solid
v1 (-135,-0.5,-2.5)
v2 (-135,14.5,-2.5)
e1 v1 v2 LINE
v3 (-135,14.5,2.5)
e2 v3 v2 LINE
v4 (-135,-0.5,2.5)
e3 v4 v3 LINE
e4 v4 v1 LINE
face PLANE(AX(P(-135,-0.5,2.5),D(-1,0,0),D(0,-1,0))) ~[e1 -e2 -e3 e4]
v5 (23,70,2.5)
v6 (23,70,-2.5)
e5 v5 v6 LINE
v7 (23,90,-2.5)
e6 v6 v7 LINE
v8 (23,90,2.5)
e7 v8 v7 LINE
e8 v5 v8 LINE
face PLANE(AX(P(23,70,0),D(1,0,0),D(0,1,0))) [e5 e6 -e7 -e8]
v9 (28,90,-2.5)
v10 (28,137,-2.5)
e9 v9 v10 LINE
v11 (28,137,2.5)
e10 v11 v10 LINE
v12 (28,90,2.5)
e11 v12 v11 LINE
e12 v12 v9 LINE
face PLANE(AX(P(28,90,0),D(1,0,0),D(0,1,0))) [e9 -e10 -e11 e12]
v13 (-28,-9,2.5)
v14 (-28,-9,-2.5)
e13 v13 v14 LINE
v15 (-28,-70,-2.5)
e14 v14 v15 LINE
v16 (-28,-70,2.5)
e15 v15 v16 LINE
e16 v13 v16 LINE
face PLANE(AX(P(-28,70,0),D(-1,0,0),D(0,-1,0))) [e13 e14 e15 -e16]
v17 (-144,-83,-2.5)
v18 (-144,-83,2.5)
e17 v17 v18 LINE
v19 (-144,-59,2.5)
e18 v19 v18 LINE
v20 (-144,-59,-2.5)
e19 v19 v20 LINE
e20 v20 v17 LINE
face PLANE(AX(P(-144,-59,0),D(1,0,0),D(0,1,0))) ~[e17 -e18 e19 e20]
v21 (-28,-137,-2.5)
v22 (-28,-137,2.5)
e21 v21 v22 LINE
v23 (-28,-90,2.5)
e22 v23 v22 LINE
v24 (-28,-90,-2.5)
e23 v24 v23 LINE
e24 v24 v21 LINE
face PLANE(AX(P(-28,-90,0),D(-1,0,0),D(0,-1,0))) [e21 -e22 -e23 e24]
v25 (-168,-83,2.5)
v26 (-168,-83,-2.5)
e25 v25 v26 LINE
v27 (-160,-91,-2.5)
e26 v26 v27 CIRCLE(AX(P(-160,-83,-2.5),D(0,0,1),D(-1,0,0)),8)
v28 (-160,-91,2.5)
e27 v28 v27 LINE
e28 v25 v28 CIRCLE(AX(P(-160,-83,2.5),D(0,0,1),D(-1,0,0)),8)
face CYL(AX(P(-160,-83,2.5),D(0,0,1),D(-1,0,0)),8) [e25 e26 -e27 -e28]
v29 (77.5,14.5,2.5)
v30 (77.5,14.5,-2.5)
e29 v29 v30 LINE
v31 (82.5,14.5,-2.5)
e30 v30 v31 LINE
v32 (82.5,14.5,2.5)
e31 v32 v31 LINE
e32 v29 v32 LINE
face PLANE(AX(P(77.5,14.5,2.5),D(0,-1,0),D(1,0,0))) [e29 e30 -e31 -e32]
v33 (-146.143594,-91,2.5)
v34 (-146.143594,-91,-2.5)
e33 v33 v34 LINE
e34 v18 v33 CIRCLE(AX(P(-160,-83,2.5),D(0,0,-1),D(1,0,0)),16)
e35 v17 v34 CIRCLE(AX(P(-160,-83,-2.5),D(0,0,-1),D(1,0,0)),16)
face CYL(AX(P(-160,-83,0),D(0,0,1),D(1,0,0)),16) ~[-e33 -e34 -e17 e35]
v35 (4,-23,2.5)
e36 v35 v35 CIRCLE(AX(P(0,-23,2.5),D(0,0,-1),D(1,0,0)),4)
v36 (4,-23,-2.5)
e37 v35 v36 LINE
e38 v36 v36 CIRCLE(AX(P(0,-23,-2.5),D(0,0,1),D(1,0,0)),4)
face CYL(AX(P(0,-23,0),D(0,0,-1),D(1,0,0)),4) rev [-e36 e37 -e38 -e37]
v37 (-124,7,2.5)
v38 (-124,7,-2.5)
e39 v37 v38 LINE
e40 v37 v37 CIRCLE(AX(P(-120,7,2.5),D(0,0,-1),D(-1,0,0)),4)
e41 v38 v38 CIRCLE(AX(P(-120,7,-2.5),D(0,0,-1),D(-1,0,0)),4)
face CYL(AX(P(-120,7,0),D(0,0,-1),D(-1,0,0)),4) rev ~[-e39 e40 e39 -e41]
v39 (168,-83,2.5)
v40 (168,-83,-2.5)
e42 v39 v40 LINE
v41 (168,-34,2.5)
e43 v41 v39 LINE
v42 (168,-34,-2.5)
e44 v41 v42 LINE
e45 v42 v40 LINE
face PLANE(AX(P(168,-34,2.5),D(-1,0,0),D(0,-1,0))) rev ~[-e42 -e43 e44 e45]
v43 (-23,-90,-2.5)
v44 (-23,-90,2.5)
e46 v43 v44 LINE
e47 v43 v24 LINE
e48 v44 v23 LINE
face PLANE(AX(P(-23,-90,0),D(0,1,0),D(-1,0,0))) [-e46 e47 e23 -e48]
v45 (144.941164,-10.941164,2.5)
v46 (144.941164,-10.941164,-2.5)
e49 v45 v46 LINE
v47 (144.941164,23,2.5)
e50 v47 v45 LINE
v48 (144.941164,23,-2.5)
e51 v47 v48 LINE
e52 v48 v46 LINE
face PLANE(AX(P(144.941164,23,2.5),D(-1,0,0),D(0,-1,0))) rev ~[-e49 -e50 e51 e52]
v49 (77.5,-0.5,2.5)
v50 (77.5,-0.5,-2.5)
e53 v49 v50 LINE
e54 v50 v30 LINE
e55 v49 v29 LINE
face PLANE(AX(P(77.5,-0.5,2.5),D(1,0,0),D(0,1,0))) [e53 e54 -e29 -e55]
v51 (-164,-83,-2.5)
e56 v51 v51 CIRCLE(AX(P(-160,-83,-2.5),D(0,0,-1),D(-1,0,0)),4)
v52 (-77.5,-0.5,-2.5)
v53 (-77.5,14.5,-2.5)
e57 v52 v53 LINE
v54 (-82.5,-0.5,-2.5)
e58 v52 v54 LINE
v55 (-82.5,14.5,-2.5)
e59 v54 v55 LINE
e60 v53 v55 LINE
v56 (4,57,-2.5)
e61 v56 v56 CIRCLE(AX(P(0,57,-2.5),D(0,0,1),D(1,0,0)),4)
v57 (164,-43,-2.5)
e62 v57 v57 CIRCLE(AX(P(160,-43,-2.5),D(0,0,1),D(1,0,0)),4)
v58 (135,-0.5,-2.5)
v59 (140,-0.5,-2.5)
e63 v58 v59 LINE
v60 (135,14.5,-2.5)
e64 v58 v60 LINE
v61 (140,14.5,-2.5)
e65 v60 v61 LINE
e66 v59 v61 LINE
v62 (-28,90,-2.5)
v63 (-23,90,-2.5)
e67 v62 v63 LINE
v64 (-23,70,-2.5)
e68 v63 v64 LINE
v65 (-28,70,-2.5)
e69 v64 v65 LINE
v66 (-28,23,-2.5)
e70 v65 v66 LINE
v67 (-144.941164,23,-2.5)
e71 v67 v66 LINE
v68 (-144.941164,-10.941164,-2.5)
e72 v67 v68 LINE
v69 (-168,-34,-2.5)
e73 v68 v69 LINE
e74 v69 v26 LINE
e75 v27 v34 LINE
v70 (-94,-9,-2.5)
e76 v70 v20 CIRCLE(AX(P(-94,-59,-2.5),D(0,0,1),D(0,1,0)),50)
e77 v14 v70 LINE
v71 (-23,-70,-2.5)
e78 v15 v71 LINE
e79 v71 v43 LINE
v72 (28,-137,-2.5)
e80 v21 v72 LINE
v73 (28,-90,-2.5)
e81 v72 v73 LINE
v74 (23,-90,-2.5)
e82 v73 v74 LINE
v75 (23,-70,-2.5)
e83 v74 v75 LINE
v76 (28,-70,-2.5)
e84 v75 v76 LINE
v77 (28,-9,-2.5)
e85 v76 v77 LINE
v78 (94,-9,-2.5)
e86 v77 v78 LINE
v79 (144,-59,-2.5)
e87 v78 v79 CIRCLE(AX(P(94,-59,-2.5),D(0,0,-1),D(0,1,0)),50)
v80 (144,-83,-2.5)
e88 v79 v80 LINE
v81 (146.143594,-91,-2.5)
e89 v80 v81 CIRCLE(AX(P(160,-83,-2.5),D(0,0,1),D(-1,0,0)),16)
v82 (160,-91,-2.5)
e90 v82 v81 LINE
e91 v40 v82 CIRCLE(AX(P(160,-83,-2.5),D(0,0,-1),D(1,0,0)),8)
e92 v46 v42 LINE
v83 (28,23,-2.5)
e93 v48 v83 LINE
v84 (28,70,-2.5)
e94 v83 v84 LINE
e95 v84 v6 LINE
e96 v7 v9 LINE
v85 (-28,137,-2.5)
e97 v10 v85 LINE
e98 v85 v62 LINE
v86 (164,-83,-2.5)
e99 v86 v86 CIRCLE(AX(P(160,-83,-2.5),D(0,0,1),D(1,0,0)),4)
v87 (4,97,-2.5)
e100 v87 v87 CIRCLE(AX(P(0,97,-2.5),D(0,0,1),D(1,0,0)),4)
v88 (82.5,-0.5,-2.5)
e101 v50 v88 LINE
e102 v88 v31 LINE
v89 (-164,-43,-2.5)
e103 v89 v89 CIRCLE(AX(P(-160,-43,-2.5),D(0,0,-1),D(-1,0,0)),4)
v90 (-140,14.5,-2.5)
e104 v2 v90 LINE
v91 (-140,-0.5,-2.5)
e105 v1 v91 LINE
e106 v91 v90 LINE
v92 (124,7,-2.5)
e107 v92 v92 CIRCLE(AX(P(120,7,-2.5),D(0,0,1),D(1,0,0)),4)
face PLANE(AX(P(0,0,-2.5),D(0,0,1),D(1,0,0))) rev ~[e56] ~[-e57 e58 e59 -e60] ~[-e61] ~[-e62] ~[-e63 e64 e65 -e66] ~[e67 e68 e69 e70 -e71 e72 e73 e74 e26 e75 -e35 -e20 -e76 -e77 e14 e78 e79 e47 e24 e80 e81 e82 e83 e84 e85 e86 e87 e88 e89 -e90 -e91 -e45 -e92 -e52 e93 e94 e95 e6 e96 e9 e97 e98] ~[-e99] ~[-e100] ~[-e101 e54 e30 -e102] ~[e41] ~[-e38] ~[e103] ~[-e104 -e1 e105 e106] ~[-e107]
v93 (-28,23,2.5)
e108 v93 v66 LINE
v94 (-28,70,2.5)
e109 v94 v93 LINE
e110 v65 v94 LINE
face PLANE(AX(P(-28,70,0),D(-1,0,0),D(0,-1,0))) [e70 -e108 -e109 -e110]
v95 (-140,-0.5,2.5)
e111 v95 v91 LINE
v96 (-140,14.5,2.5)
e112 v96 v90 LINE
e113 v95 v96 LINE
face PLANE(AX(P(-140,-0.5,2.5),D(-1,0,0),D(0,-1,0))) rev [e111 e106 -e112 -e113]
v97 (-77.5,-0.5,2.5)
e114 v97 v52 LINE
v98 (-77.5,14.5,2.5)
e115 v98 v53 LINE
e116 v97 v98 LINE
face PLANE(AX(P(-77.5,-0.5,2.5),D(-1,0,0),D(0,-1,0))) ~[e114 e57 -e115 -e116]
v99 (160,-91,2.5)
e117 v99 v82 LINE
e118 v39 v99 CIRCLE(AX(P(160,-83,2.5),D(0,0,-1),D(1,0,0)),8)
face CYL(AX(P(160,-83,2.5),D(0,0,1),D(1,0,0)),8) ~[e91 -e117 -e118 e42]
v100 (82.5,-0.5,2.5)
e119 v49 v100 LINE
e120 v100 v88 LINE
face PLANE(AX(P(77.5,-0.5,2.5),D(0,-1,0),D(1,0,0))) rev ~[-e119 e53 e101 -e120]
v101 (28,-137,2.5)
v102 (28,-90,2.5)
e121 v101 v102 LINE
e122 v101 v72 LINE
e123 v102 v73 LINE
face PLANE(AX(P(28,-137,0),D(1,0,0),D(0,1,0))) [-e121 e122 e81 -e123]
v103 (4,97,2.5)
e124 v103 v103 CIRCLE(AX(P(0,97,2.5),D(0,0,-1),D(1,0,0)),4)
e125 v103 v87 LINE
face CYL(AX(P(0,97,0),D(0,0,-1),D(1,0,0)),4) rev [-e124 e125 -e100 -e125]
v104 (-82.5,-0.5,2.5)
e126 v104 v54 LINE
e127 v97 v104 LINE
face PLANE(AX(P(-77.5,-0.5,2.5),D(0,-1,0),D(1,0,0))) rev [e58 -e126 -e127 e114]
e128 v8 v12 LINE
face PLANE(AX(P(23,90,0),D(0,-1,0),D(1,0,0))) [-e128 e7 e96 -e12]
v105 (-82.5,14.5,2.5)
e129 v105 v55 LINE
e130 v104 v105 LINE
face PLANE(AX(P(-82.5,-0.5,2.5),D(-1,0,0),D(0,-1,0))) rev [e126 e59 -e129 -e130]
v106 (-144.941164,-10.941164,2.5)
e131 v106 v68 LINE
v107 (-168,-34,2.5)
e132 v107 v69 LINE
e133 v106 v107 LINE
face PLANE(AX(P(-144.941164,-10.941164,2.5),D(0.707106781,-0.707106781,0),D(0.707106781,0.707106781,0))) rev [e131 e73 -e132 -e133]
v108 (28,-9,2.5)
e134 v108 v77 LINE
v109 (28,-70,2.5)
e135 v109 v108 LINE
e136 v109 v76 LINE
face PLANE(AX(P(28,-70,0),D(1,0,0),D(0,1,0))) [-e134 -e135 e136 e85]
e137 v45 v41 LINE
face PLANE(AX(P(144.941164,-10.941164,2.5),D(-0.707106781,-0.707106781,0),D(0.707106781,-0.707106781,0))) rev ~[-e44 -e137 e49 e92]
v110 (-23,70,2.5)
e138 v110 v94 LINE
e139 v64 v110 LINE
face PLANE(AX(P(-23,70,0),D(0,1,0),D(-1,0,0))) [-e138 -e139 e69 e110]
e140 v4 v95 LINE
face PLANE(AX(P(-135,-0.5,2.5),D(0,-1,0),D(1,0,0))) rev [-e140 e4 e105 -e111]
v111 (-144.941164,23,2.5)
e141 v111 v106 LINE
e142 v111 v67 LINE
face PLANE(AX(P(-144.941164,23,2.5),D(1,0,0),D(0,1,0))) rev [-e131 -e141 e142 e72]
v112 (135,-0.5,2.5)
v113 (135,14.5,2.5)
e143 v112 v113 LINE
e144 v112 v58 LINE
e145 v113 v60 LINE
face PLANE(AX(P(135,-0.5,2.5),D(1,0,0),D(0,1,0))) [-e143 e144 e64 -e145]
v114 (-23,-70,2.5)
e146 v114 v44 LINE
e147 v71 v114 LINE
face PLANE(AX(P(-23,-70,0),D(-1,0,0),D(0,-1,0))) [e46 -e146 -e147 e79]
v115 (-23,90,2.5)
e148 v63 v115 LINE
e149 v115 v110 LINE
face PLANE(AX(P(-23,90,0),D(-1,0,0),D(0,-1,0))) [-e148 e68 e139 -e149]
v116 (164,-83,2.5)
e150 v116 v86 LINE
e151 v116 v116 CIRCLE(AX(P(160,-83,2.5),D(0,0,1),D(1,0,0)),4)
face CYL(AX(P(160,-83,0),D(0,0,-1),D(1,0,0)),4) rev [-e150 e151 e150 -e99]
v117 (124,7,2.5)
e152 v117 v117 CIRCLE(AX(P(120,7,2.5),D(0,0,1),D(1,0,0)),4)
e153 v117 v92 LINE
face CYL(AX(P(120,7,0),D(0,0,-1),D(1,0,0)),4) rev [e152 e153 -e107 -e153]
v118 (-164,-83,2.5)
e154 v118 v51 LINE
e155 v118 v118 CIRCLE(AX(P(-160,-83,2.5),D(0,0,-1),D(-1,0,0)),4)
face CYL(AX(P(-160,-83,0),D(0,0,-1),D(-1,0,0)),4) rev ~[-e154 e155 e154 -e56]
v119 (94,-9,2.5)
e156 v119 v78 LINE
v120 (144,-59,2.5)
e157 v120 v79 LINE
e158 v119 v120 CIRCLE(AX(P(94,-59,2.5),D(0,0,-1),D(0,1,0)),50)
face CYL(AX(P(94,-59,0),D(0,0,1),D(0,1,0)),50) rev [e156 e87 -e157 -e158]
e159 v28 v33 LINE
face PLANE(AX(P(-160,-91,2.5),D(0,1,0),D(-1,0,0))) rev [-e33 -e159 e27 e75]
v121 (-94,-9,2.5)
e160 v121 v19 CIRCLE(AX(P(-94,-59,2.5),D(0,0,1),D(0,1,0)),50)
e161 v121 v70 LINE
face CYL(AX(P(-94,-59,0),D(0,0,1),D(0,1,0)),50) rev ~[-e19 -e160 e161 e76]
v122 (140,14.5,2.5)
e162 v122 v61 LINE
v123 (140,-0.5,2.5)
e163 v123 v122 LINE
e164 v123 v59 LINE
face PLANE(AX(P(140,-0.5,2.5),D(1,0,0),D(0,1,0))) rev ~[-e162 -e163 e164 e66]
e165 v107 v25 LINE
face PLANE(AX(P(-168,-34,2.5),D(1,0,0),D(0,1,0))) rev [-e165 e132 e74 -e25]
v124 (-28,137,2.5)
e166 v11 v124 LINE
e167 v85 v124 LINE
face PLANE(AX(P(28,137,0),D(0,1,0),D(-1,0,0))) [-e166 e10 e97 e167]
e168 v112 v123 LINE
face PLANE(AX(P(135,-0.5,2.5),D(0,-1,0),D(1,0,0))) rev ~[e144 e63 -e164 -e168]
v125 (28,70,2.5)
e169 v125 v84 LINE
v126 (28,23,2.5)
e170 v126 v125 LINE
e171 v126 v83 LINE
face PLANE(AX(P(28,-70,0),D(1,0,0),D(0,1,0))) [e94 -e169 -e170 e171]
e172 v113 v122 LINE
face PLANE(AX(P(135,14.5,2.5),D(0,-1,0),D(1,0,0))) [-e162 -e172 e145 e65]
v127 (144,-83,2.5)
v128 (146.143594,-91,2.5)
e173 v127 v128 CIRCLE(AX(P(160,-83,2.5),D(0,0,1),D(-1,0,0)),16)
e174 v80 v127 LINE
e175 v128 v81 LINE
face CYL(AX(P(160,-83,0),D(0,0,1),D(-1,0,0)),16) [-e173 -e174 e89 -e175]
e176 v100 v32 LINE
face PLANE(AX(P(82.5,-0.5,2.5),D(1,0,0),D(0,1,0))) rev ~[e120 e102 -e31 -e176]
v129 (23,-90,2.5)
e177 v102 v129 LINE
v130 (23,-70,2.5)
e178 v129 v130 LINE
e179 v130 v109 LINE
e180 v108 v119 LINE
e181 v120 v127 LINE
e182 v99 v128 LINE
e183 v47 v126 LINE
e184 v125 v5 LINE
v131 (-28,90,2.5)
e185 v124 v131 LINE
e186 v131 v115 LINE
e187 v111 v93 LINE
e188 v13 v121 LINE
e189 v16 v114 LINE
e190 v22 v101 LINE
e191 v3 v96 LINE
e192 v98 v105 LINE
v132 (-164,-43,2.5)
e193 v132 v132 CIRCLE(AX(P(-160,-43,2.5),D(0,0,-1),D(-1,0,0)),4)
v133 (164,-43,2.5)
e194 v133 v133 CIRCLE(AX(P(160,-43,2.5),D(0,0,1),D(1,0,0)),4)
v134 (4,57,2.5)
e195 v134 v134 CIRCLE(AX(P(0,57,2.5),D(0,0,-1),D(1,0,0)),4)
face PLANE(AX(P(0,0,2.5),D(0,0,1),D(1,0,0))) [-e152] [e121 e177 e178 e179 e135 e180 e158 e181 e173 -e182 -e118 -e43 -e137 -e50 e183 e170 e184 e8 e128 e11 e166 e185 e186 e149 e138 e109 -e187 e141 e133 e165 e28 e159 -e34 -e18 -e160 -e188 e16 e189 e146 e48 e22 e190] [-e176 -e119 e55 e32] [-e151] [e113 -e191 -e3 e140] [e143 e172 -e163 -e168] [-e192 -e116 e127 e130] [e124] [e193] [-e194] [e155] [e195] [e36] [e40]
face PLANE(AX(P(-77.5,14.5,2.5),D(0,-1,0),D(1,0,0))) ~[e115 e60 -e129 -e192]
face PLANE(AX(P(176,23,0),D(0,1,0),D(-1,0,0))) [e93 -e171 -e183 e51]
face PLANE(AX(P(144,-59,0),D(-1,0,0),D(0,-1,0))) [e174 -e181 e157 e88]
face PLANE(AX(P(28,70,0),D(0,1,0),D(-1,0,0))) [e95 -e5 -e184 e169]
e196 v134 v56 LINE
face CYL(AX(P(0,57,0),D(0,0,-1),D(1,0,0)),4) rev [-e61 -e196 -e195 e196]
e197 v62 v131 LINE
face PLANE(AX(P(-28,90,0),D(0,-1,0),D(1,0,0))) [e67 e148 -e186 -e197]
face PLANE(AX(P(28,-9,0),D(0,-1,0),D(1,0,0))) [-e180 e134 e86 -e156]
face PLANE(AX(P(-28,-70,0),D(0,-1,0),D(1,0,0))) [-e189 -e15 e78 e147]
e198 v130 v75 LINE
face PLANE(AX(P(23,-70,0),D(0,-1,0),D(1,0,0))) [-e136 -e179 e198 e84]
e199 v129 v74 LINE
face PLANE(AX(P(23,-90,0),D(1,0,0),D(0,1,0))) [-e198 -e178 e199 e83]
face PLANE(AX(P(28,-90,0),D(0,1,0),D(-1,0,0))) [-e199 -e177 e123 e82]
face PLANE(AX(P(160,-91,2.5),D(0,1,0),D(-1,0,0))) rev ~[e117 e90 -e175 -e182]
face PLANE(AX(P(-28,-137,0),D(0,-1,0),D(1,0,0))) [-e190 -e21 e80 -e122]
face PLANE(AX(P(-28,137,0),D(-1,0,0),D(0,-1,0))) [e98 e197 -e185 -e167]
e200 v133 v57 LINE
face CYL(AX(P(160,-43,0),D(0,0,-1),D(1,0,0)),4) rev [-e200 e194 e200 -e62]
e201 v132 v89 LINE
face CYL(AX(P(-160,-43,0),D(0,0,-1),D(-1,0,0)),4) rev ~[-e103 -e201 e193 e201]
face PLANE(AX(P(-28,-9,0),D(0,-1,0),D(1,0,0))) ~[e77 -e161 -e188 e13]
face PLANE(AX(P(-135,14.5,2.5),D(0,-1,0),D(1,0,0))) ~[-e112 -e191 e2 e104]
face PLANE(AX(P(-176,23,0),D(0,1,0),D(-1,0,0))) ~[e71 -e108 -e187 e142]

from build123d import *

# Parameters (mm, degrees)
SKETCH1_R           = 4
BOSS_EXTRUDE1_DEPTH = 2.5
SKETCH2_R           = 4
BOSS_EXTRUDE2_DEPTH = 2.5
SKETCH3_W           = 5
SKETCH3_H           = 15
CUT_EXTRUDE1_DEPTH  = 5


with BuildPart() as part:
    # Sketch1 → Boss-Extrude1 (new, symmetric)
    with BuildSketch(Plane.XY):
        Polygon((28, 137), (-28, 137), (-28, 90), (-23, 90), (-23, 70), (-28, 70), (-28, -70), (-23, -70), (-23, -90), (-28, -90), (-28, -137), (28, -137), (28, -90), (23, -90), (23, -70), (28, -70), (28, 70), (23, 70), (23, 90), (28, 90), align=None)
        with Locations((0, -23)):
            Circle(SKETCH1_R, mode=Mode.SUBTRACT)
        with Locations((0, 57)):
            Circle(SKETCH1_R, mode=Mode.SUBTRACT)
        with Locations((0, 97)):
            Circle(SKETCH1_R, mode=Mode.SUBTRACT)
    extrude(amount=BOSS_EXTRUDE1_DEPTH, both=True)

    # Sketch2 → Boss-Extrude2 (add, symmetric)
    with BuildSketch(Plane.XY):
        with BuildLine():
            Line((144, -59), (144, -83))
            ThreePointArc((144, -83), (160, -99), (176, -83))
            Line((176, -83), (176, 23))
            Line((176, 23), (120, 23))
            Line((120, 23), (28, 23))
            Line((28, 23), (28, -9))
            Line((28, -9), (94, -9))
            ThreePointArc((94, -9), (129.355339059, -23.644660941), (144, -59))
        make_face()
        with Locations((120, 7)):
            Circle(SKETCH2_R, mode=Mode.SUBTRACT)
        with Locations((160, -43)):
            Circle(SKETCH2_R, mode=Mode.SUBTRACT)
        with Locations((160, -83)):
            Circle(SKETCH2_R, mode=Mode.SUBTRACT)
    extrude(amount=BOSS_EXTRUDE2_DEPTH, both=True)

    # Sketch3 → Cut-Extrude1 (cut)
    with BuildSketch(Plane.XY.offset(2.5)):
        with BuildLine():
            ThreePointArc((168, -83), (165.656854249, -88.656854249), (160, -91))
            Line((160, -91), (146.143593539, -91))
            ThreePointArc((146.143593539, -91), (164.141104722, -98.454813221), (176, -83))
            Line((176, -83), (176, 23))
            Line((176, 23), (144.94116403, 23))
            Line((144.94116403, 23), (144.94116403, -10.94116403))
            Line((144.94116403, -10.94116403), (168, -34))
            Line((168, -34), (168, -83))
        make_face()
        with Locations((137.5, 7)):
            Rectangle(SKETCH3_W, SKETCH3_H)
        with Locations((80, 7)):
            Rectangle(SKETCH3_W, SKETCH3_H)
    extrude(amount=-CUT_EXTRUDE1_DEPTH, mode=Mode.SUBTRACT)

    # Mirror2: part across plane


with BuildPart() as part_1:
    add(part.part)
    add(part.part.mirror(Plane(origin=(0, 0, 0), x_dir=(0, 0, 1), z_dir=(1, 0, 0))))


solid = part_1.part
